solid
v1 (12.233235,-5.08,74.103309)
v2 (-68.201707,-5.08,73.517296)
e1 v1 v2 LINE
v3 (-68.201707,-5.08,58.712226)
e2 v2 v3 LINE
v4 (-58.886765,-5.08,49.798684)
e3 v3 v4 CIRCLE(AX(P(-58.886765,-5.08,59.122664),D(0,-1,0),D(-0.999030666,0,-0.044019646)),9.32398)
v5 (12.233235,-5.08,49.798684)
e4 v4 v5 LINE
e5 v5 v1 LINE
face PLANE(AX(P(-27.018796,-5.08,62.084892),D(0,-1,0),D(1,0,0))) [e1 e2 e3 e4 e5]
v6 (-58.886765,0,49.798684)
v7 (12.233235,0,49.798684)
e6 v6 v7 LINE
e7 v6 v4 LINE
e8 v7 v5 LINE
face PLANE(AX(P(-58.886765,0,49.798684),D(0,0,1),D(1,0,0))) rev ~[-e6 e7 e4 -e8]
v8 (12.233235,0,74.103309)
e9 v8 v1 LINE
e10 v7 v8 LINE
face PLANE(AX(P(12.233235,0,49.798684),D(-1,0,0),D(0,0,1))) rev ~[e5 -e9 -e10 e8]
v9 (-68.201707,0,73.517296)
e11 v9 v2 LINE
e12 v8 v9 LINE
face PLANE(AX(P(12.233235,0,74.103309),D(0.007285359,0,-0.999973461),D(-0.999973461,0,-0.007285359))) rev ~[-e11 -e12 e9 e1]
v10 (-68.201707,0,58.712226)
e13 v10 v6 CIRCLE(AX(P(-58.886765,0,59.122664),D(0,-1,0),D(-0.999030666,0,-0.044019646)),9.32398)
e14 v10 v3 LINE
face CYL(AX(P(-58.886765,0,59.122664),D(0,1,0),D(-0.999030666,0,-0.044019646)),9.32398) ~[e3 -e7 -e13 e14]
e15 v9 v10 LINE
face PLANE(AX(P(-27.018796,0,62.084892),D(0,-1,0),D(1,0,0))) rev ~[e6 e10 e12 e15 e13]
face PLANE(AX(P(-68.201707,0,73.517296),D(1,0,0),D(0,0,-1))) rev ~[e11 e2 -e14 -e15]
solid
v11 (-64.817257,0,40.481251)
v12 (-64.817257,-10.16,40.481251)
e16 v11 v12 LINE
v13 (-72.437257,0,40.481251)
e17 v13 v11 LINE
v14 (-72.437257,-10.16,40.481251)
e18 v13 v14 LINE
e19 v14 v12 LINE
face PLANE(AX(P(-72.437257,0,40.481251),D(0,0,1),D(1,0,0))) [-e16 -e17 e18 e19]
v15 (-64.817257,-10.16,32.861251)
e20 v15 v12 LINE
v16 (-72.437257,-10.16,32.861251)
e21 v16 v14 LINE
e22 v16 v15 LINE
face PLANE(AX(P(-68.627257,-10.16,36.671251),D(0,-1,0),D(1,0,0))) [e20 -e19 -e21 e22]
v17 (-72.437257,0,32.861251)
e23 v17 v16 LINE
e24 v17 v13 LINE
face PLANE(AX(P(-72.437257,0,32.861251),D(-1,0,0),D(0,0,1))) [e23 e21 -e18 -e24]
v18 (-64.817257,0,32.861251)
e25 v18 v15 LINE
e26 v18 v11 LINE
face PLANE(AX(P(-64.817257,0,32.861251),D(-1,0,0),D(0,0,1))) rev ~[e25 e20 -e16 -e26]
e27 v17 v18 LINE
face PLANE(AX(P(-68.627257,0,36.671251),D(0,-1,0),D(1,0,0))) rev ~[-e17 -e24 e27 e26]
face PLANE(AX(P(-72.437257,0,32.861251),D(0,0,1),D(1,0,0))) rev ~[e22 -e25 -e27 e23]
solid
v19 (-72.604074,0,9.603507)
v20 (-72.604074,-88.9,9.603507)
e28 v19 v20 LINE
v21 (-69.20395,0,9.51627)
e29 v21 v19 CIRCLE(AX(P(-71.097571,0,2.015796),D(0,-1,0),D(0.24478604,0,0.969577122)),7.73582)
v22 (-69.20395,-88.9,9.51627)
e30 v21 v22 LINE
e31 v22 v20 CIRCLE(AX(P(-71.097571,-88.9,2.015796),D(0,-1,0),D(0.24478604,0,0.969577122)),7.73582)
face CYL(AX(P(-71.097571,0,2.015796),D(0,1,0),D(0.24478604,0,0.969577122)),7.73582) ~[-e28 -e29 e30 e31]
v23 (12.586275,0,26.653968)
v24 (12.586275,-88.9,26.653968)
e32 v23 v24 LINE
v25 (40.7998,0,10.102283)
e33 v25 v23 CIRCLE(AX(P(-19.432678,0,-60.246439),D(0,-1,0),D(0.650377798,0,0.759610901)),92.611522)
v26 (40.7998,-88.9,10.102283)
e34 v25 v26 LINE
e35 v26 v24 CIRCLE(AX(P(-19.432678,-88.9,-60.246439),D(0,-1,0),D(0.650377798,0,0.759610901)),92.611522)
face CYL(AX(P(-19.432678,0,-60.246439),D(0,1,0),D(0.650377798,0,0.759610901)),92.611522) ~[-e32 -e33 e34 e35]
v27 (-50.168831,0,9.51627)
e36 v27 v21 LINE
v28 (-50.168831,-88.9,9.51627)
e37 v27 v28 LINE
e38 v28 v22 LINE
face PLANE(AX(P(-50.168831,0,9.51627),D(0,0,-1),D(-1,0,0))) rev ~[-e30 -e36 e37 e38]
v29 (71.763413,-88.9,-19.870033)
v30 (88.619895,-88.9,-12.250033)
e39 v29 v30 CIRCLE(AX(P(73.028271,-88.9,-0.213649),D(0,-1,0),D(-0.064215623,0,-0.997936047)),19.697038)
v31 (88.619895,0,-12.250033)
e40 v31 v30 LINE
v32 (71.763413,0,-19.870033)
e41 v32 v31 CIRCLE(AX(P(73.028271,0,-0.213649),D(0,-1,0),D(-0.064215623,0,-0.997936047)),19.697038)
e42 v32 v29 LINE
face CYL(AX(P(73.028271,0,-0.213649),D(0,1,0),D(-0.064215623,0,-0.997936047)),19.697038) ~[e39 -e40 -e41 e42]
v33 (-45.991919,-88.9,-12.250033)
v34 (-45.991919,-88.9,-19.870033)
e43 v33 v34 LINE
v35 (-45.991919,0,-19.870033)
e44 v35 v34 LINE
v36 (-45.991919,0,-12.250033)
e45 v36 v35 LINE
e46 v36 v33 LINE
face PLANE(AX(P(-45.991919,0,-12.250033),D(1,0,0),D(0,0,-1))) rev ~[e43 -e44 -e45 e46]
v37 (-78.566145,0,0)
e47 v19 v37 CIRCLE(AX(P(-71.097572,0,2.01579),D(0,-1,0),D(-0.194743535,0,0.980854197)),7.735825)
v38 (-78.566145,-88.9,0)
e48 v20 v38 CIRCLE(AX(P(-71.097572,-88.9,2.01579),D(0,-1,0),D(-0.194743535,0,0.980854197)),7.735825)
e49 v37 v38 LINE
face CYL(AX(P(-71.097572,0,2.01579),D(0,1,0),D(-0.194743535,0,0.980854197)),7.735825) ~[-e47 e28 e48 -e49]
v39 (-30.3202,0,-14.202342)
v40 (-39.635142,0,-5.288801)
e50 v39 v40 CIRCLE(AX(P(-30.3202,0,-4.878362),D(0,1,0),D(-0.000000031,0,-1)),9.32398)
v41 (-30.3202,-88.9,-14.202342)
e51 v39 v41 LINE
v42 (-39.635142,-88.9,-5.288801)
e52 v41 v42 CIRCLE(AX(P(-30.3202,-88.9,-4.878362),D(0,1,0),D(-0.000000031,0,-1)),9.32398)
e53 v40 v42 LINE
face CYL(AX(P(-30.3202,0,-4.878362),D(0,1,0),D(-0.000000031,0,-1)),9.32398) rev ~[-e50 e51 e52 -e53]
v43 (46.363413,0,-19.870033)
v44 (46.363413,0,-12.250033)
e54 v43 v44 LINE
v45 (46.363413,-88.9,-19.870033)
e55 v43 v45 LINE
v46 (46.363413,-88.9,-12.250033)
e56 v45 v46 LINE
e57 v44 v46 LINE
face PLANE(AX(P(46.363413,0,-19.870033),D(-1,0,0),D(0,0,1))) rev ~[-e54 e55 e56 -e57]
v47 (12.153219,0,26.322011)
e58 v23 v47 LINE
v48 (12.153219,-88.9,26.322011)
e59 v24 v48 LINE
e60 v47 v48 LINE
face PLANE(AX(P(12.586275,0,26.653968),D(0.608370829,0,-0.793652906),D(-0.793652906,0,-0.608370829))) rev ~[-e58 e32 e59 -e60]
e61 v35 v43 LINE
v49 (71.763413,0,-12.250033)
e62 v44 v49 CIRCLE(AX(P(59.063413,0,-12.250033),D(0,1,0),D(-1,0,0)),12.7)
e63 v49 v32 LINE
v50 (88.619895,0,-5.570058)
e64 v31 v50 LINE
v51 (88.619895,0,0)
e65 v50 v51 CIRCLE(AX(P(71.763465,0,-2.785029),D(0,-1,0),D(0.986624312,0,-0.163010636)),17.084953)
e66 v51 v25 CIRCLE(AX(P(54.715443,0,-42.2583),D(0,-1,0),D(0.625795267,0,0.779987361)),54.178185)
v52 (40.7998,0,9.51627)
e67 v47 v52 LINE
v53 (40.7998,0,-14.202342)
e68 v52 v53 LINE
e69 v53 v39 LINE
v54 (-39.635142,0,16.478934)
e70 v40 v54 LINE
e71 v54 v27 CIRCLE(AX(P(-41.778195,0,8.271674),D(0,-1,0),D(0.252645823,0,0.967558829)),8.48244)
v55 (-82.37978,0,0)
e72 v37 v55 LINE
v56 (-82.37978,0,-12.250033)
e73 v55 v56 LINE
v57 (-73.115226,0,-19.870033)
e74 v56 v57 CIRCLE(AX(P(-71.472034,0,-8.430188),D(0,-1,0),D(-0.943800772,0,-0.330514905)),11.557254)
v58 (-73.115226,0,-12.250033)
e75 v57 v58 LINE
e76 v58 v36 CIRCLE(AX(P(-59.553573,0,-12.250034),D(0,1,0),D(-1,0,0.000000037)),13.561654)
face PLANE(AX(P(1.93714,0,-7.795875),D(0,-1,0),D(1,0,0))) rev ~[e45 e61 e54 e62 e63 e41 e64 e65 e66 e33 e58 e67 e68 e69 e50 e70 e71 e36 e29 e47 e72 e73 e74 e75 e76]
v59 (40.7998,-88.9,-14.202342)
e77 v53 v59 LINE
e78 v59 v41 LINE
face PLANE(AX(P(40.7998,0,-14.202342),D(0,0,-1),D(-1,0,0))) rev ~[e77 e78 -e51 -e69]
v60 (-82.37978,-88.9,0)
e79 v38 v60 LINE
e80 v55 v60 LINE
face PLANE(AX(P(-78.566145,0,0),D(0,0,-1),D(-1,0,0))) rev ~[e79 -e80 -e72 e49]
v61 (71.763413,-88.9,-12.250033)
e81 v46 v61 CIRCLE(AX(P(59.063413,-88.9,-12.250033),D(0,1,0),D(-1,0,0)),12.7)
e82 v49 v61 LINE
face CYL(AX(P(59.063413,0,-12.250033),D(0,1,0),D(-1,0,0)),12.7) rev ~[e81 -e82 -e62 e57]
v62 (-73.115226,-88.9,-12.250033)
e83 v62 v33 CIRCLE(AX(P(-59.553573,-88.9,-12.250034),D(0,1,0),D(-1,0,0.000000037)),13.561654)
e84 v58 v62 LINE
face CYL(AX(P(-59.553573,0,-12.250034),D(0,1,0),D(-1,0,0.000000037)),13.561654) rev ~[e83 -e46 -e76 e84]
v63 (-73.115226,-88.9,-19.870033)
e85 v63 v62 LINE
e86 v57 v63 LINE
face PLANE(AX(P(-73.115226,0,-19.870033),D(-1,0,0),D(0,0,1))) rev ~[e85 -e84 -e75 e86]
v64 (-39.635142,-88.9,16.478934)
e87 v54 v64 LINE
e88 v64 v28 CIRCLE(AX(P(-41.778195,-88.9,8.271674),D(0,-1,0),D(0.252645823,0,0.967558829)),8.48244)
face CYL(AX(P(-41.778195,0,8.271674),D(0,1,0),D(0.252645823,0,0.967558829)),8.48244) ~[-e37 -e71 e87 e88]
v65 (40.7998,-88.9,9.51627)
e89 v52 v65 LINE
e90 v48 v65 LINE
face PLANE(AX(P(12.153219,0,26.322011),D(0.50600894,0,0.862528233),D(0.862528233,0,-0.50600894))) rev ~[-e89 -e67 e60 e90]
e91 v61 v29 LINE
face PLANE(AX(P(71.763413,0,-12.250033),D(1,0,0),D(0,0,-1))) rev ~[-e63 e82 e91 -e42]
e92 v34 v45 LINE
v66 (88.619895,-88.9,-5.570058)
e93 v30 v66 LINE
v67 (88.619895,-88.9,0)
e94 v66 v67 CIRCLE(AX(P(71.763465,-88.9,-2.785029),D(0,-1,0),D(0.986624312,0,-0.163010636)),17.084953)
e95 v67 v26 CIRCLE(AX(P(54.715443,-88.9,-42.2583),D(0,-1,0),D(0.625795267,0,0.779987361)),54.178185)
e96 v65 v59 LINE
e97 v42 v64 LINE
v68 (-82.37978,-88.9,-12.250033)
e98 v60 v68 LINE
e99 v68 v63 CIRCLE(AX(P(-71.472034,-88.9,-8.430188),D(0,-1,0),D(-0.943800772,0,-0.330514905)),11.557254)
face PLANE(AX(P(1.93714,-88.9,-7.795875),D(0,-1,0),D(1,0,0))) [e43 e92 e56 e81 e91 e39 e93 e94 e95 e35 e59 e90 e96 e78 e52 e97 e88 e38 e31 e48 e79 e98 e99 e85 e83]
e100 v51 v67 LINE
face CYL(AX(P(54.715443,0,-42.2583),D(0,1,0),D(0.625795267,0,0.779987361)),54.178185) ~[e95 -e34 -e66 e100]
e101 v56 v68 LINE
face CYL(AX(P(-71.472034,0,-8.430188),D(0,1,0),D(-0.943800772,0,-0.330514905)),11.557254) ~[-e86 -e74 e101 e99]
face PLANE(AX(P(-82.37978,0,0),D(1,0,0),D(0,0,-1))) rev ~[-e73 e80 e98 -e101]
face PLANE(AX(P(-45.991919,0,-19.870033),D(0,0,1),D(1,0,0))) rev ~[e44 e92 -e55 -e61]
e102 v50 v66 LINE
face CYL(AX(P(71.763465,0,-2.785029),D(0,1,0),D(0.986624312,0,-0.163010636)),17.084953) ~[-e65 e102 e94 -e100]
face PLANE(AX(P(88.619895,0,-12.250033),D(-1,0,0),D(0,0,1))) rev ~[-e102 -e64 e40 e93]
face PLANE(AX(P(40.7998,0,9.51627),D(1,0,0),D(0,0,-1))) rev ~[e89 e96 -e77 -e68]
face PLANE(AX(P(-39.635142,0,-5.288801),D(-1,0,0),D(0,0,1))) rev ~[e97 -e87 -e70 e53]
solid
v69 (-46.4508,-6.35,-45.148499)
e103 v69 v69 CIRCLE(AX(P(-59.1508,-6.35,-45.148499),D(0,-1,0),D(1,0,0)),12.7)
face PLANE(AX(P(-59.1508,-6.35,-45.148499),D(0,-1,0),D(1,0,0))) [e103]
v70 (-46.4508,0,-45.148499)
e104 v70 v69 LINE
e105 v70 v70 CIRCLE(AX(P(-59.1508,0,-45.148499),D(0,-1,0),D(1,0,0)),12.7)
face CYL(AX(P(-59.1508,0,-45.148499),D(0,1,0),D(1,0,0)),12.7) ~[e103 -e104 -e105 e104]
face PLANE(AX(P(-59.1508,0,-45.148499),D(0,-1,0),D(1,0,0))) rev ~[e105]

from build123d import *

# Parameters (mm, degrees)
F1_DEPTH = 88.9
F3_DEPTH = 5.08
F4_R     = 12.7
F5_DEPTH = 6.35
F6_W     = 7.62
F6_H     = 7.62
F7_DEPTH = 10.16


with BuildPart() as f1:
    # F0 (on Front) → F1 (new body)
    with BuildSketch(Plane.XZ):
        with BuildLine():
            ThreePointArc((-82.37978, -12.250033), (-78.813533, -17.356135), (-73.115226, -19.870033))
            Line((-73.115226, -19.870033), (-73.115226, -12.250033))
            ThreePointArc((-73.115226, -12.250033), (-59.553572, 1.31162), (-45.991919, -12.250033))
            Line((-45.991919, -12.250033), (-45.991919, -19.870033))
            Line((-45.991919, -19.870033), (46.363413, -19.870033))
            Line((46.363413, -19.870033), (46.363413, -12.250033))
            ThreePointArc((46.363413, -12.250033), (59.063413, 0.449967), (71.763413, -12.250033))
            Line((71.763413, -12.250033), (71.763413, -19.870033))
            ThreePointArc((71.763413, -19.870033), (81.14185, -18.161995), (88.619895, -12.250033))
            Line((88.619895, -12.250033), (88.619895, -5.570058))
            Line((88.619895, -5.570058), (88.619895, 0))
            ThreePointArc((88.619895, 0), (65.913754, 10.749941), (40.7998, 10.102283))
            Line((40.7998, 10.102283), (40.7998, 9.51627))
            Line((40.7998, 9.51627), (40.7998, -14.202342))
            Line((40.7998, -14.202342), (-30.3202, -14.202342))
            ThreePointArc((-30.3202, -14.202342), (-36.766504, -11.614961), (-39.635142, -5.288801))
            Line((-39.635142, -5.288801), (-39.635142, 9.51627))
            Line((-39.635142, 9.51627), (-50.168831, 9.51627))
            Line((-50.168831, 9.51627), (-69.20395, 9.51627))
            Line((-69.20395, 9.51627), (-71.472034, 9.51627))
            ThreePointArc((-71.472034, 9.51627), (-72.036763, 9.57663), (-72.604074, 9.603507))
            ThreePointArc((-72.604074, 9.603507), (-77.669849, 6.096007), (-78.566145, 0))
            Line((-78.566145, 0), (-82.37978, 0))
            Line((-82.37978, 0), (-82.37978, -12.250033))
        make_face()
        with BuildLine():
            ThreePointArc((-69.20395, 9.51627), (-70.899158, 9.749071), (-72.604074, 9.603507))
            ThreePointArc((-72.604074, 9.603507), (-72.036763, 9.57663), (-71.472034, 9.51627))
            Line((-71.472034, 9.51627), (-69.20395, 9.51627))
        make_face()
        with BuildLine():
            ThreePointArc((-39.635142, 16.478934), (-46.45556, 15.347976), (-50.168831, 9.51627))
            Line((-50.168831, 9.51627), (-39.635142, 9.51627))
            Line((-39.635142, 9.51627), (-39.635142, 16.478934))
        make_face()
        with BuildLine():
            Line((88.619895, 0), (88.619895, -5.570058))
            ThreePointArc((88.619895, -5.570058), (88.848418, -2.785029), (88.619895, 0))
        make_face()
        with BuildLine():
            Line((40.7998, 9.51627), (40.7998, 10.102283))
            ThreePointArc((40.7998, 10.102283), (27.42958, 19.633614), (12.586275, 26.653968))
            Line((12.586275, 26.653968), (12.153219, 26.322011))
            Line((12.153219, 26.322011), (40.7998, 9.51627))
        make_face()
    extrude(amount=F1_DEPTH)


with BuildPart() as f3:
    # F2 (on Front) → F3 (new body)
    with BuildSketch(Plane.XZ):
        with BuildLine():
            Line((12.233235, 74.103309), (-68.201707, 73.517296))
            Line((-68.201707, 73.517296), (-68.201707, 58.712226))
            ThreePointArc((-68.201707, 58.712226), (-65.333069, 52.386065), (-58.886765, 49.798684))
            Line((-58.886765, 49.798684), (12.233235, 49.798684))
            Line((12.233235, 49.798684), (12.233235, 74.103309))
        make_face()
    extrude(amount=F3_DEPTH)


with BuildPart() as f5:
    # F4 (on Front) → F5 (new body)
    with BuildSketch(Plane.XZ):
        with Locations((-59.1508, -45.148499)):
            Circle(F4_R)
    extrude(amount=F5_DEPTH)


with BuildPart() as f7:
    # F6 (on Front) → F7 (new body)
    with BuildSketch(Plane.XZ):
        with Locations((-68.627257, 36.671251)):
            Rectangle(F6_W, F6_H)
    extrude(amount=F7_DEPTH)


solid = Compound([f1.part, f3.part, f5.part, f7.part])
